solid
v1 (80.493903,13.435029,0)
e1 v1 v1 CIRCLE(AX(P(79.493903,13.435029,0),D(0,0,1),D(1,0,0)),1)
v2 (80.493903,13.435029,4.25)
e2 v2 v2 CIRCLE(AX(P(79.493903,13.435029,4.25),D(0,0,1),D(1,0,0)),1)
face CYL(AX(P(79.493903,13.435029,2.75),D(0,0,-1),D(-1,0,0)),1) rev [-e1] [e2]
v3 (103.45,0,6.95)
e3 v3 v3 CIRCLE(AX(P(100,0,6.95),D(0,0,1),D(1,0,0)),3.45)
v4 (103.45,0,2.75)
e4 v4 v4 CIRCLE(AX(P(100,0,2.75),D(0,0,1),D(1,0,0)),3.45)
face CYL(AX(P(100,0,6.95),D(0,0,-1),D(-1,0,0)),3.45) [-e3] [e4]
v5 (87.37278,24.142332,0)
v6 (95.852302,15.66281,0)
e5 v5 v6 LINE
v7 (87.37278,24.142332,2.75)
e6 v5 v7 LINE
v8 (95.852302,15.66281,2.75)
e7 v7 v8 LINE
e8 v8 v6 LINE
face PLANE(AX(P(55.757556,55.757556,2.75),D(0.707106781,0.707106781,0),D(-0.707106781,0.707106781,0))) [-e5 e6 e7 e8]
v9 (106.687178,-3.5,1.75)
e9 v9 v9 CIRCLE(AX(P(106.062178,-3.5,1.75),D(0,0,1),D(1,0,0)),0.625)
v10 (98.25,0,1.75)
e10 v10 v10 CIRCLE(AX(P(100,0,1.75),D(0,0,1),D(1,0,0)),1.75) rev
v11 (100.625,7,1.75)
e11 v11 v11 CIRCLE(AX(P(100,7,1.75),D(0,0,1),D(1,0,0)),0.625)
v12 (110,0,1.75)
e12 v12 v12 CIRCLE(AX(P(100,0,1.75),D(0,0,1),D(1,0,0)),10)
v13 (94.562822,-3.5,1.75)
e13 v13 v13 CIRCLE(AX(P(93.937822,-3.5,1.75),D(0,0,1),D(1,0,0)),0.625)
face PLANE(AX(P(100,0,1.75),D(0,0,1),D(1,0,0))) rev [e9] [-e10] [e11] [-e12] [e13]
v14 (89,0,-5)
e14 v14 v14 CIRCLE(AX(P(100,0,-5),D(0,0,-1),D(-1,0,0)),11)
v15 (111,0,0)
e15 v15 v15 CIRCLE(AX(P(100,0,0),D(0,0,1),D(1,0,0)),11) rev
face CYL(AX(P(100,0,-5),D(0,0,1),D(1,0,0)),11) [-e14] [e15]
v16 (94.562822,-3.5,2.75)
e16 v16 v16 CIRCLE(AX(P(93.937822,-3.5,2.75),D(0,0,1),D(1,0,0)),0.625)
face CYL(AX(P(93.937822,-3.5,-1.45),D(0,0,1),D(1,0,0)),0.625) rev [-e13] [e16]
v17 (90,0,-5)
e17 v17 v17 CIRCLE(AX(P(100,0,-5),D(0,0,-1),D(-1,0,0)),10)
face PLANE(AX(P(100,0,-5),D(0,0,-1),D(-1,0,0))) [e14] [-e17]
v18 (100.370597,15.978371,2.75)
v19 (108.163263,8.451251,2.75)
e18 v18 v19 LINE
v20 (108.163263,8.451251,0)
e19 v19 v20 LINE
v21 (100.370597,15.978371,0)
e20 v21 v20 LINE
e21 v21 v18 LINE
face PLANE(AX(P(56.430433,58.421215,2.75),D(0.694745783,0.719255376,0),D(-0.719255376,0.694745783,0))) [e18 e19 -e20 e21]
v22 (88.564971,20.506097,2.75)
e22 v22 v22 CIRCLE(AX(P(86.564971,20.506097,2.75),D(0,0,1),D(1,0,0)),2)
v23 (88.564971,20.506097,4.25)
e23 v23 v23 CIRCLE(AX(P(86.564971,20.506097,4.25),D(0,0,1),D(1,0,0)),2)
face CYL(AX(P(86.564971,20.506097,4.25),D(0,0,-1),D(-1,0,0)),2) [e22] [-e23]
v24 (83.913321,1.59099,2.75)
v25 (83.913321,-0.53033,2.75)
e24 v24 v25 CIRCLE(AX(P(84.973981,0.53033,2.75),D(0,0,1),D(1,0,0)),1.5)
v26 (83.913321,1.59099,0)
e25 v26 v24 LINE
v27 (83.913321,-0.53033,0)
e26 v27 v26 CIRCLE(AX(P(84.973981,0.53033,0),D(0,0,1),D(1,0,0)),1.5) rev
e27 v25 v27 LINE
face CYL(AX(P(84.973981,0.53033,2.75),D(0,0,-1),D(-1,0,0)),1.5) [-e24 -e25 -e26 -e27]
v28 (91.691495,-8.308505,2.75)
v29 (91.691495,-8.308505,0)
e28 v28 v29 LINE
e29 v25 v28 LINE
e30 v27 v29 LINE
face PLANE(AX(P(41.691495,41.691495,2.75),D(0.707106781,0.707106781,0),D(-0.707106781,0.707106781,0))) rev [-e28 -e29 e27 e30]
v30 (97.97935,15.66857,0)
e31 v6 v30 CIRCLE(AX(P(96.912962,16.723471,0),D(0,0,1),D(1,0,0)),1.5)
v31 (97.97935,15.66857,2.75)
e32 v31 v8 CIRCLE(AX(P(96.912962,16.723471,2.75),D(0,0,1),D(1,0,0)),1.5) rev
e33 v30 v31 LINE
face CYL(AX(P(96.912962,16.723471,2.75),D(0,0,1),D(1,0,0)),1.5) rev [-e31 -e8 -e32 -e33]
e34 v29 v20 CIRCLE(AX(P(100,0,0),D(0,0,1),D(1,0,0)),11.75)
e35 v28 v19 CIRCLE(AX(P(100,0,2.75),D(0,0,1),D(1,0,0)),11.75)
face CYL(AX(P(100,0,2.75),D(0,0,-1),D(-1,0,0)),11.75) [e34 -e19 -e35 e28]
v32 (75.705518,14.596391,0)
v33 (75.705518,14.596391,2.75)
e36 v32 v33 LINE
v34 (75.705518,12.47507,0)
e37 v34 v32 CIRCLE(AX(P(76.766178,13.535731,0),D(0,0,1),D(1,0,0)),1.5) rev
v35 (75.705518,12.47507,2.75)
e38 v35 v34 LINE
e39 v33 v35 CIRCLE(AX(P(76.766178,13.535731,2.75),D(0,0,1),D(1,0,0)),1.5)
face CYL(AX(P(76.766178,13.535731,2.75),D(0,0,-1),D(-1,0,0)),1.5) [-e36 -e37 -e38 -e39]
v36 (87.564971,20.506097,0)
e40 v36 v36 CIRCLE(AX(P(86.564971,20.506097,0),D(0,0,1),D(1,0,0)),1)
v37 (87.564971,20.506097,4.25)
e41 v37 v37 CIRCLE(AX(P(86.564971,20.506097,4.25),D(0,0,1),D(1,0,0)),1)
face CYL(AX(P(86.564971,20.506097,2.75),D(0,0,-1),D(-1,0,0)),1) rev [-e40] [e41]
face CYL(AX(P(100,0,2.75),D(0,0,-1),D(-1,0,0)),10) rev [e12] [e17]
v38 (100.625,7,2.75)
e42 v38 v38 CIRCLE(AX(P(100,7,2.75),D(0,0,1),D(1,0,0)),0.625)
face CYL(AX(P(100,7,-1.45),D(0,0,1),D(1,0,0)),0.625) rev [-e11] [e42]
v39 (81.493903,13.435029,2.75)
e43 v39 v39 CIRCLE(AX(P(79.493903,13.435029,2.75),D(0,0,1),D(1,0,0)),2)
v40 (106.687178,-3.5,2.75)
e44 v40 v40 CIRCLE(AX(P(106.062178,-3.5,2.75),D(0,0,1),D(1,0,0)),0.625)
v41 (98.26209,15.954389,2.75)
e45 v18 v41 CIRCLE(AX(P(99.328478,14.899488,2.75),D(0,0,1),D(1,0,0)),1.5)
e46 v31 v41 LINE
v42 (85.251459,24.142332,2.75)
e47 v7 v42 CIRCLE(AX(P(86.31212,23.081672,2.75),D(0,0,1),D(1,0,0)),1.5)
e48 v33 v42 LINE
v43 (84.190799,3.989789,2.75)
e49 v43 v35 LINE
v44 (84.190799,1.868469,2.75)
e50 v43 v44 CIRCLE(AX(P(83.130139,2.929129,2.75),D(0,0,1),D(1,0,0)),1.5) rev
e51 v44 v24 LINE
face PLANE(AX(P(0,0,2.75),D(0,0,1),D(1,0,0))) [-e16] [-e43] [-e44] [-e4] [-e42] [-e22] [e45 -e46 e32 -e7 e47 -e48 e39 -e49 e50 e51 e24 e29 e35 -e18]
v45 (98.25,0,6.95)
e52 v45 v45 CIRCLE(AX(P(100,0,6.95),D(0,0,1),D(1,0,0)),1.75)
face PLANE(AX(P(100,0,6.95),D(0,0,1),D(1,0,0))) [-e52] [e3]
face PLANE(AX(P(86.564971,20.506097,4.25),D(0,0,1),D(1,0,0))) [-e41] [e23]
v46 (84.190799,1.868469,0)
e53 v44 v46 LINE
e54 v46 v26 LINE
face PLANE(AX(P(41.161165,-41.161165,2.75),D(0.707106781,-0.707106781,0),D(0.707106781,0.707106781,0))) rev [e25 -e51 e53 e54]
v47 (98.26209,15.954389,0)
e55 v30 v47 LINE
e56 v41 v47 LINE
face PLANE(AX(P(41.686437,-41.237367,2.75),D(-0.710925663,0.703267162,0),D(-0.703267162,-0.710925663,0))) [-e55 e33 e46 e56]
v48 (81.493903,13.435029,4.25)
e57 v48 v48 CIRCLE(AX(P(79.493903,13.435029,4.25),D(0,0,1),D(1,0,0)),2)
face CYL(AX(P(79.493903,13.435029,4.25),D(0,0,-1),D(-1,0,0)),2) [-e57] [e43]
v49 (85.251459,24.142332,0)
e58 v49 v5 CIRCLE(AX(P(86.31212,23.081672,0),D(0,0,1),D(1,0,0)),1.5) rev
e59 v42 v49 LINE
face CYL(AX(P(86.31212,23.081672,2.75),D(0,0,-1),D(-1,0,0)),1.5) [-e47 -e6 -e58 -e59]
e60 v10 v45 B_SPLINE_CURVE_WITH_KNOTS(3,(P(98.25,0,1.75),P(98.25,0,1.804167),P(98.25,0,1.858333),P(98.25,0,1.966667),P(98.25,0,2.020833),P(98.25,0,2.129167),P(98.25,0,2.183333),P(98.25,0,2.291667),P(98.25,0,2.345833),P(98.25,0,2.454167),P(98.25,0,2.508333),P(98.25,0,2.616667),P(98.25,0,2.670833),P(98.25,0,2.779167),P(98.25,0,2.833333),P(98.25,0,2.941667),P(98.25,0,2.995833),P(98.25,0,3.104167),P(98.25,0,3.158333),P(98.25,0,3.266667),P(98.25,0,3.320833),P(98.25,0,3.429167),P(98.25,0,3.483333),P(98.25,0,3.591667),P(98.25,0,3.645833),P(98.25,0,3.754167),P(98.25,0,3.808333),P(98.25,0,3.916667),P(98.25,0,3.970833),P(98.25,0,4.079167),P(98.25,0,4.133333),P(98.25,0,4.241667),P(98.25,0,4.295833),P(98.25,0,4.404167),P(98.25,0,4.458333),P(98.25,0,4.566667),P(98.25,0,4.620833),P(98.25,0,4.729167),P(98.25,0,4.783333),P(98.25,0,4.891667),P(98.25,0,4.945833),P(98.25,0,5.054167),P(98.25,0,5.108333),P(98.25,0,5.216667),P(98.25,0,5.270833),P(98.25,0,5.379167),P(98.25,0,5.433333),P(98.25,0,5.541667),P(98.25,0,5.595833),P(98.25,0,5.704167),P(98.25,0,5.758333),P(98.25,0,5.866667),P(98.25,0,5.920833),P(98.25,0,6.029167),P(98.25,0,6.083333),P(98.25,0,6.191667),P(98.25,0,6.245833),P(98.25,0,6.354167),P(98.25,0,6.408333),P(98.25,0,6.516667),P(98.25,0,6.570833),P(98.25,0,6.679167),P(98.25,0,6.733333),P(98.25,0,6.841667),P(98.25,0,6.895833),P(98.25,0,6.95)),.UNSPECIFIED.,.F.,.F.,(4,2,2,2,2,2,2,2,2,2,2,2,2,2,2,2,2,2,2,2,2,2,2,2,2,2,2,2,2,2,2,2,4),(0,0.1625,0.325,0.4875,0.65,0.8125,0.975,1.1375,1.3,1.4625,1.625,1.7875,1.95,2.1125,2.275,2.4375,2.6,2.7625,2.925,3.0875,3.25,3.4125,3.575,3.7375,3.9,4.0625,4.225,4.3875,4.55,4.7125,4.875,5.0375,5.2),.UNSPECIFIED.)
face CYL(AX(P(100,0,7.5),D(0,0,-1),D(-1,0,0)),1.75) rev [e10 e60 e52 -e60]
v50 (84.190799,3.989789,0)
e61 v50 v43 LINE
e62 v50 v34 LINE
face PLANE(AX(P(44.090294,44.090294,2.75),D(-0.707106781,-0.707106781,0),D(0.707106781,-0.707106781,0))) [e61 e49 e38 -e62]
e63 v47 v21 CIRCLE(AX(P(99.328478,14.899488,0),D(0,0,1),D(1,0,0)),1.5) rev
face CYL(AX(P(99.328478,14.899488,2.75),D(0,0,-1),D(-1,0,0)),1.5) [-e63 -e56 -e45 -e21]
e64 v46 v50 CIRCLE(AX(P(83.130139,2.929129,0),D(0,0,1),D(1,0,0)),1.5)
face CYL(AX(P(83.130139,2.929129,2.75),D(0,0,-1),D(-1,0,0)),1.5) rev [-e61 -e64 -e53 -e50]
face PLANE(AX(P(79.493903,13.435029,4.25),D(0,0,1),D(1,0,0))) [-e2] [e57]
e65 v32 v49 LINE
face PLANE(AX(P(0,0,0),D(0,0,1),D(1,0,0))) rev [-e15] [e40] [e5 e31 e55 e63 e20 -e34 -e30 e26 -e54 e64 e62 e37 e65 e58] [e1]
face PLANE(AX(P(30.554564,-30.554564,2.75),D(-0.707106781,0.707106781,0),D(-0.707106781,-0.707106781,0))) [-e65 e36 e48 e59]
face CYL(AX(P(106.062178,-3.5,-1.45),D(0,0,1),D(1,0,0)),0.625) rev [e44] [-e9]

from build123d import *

# Parameters (mm, degrees)
SKETCH6_R           = 10
SKETCH6_R_2         = 1
BOSS_EXTRUDE1_DEPTH = 2.75
BOSS_EXTRUDE2_START = -1
SKETCH7_R           = 10
BOSS_EXTRUDE2_DEPTH = 1
BOSS_EXTRUDE3_START = 5
SKETCH9_R           = 11
SKETCH9_R_2         = 10
BOSS_EXTRUDE3_DEPTH = 5
FILLET1_R           = 1.5
SKETCH10_R          = 2
SKETCH10_R_2        = 1
BOSS_EXTRUDE4_DEPTH = 1.5
SKETCH11_R          = 1.75
CUT_EXTRUDE1_DEPTH  = 7.5
SKETCH13_R          = 3.45
SKETCH13_R_2        = 1.75
BOSS_EXTRUDE6_DEPTH = 4.2
SKETCH14_R          = 0.625
CUT_EXTRUDE3_DEPTH  = 4.2


with BuildPart() as part:
    # Sketch6 → Boss-Extrude1 (new body)
    with BuildSketch(Plane.XY):
        with BuildLine():
            Line((86.312119508, 25.202992473), (74.644857618, 13.535730583))
            Line((74.644857618, 13.535730583), (85.251459336, 2.929128866))
            Line((85.251459336, 2.929128866), (82.852660556, 0.530330086))
            Line((82.852660556, 0.530330086), (91.691495321, -8.308504679))
            ThreePointArc((91.691495321, -8.308504679), (108.38019234, -8.236193074), (108.163262955, 8.451250672))
            Line((108.163262955, 8.451250672), (99.304494429, 17.008144763))
            Line((99.304494429, 17.008144763), (96.918721226, 14.596390755))
            Line((96.918721226, 14.596390755), (86.312119508, 25.202992473))
        make_face()
        with Locations((100, 0)):
            Circle(SKETCH6_R, mode=Mode.SUBTRACT)
        with Locations((79.493903346, 13.435028843)):
            Circle(SKETCH6_R_2, mode=Mode.SUBTRACT)
        with Locations((86.564971157, 20.506096654)):
            Circle(SKETCH6_R_2, mode=Mode.SUBTRACT)
    extrude(amount=BOSS_EXTRUDE1_DEPTH)

    # Sketch7 → Boss-Extrude2 (add)
    with BuildSketch(Plane.XY.offset(2.75).offset(BOSS_EXTRUDE2_START)):
        with Locations((100, 0)):
            Circle(SKETCH7_R)
    extrude(amount=BOSS_EXTRUDE2_DEPTH)

    # Sketch9 → Boss-Extrude3 (add)
    with BuildSketch(Plane(origin=(0, 0, 0), x_dir=(-1, 0, 0), z_dir=(0, 0, -1)).offset(BOSS_EXTRUDE3_START)):
        with Locations(Location((-100, 0, 0), (0, 0, 180))):
            Circle(SKETCH9_R)
        with Locations((-100, 0)):
            Circle(SKETCH9_R_2, mode=Mode.SUBTRACT)
    extrude(amount=-BOSS_EXTRUDE3_DEPTH)

    # Fillet1
    fillet1_edges = [part.edges().sort_by_distance(p)[0] for p in [
        (82.852660556, 0.530330086, 1.375),
        (85.251459336, 2.929128866, 1.375),
        (74.644857618, 13.535730583, 1.375),
        (86.312119508, 25.202992473, 1.375),
        (96.918721226, 14.596390755, 1.375),
        (99.304494429, 17.008144763, 1.375),
    ]]
    fillet(fillet1_edges, radius=FILLET1_R)

    # Sketch10 → Boss-Extrude4 (add)
    # profile 1 of 2: a face of its own
    with BuildSketch(Plane.XY.offset(2.75)):
        with Locations((79.493903346, 13.435028843)):
            Circle(SKETCH10_R)
        with Locations((79.493903346, 13.435028843)):
            Circle(SKETCH10_R_2, mode=Mode.SUBTRACT)
    # profile 2 of 2: a face of its own
    with BuildSketch(Plane.XY.offset(2.75)):
        with Locations((86.564971157, 20.506096654)):
            Circle(SKETCH10_R)
        with Locations((86.564971157, 20.506096654)):
            Circle(SKETCH10_R_2, mode=Mode.SUBTRACT)
    extrude(amount=BOSS_EXTRUDE4_DEPTH)

    # Sketch11 → Cut-Extrude1 (cut)
    with BuildSketch(Plane.XY):
        with Locations(Location((100, 0, 0), (0, 0, 180))):
            Circle(SKETCH11_R)
    extrude(amount=CUT_EXTRUDE1_DEPTH, mode=Mode.SUBTRACT)

    # Sketch13 → Boss-Extrude6 (add)
    with BuildSketch(Plane.XY.offset(2.75)):
        with Locations((100, 0)):
            Circle(SKETCH13_R)
        with Locations(Location((100, 0, 0), (0, 0, 180))):
            Circle(SKETCH13_R_2, mode=Mode.SUBTRACT)
    extrude(amount=BOSS_EXTRUDE6_DEPTH)

    # Sketch14 → Cut-Extrude3 (cut)
    with BuildSketch(Plane.XY.offset(2.75)):
        with Locations((100, 7)):
            Circle(SKETCH14_R)
        with Locations((106.062177826, -3.5)):
            Circle(SKETCH14_R)
        with Locations((93.937822174, -3.5)):
            Circle(SKETCH14_R)
    extrude(amount=-CUT_EXTRUDE3_DEPTH, mode=Mode.SUBTRACT)


solid = part.part
